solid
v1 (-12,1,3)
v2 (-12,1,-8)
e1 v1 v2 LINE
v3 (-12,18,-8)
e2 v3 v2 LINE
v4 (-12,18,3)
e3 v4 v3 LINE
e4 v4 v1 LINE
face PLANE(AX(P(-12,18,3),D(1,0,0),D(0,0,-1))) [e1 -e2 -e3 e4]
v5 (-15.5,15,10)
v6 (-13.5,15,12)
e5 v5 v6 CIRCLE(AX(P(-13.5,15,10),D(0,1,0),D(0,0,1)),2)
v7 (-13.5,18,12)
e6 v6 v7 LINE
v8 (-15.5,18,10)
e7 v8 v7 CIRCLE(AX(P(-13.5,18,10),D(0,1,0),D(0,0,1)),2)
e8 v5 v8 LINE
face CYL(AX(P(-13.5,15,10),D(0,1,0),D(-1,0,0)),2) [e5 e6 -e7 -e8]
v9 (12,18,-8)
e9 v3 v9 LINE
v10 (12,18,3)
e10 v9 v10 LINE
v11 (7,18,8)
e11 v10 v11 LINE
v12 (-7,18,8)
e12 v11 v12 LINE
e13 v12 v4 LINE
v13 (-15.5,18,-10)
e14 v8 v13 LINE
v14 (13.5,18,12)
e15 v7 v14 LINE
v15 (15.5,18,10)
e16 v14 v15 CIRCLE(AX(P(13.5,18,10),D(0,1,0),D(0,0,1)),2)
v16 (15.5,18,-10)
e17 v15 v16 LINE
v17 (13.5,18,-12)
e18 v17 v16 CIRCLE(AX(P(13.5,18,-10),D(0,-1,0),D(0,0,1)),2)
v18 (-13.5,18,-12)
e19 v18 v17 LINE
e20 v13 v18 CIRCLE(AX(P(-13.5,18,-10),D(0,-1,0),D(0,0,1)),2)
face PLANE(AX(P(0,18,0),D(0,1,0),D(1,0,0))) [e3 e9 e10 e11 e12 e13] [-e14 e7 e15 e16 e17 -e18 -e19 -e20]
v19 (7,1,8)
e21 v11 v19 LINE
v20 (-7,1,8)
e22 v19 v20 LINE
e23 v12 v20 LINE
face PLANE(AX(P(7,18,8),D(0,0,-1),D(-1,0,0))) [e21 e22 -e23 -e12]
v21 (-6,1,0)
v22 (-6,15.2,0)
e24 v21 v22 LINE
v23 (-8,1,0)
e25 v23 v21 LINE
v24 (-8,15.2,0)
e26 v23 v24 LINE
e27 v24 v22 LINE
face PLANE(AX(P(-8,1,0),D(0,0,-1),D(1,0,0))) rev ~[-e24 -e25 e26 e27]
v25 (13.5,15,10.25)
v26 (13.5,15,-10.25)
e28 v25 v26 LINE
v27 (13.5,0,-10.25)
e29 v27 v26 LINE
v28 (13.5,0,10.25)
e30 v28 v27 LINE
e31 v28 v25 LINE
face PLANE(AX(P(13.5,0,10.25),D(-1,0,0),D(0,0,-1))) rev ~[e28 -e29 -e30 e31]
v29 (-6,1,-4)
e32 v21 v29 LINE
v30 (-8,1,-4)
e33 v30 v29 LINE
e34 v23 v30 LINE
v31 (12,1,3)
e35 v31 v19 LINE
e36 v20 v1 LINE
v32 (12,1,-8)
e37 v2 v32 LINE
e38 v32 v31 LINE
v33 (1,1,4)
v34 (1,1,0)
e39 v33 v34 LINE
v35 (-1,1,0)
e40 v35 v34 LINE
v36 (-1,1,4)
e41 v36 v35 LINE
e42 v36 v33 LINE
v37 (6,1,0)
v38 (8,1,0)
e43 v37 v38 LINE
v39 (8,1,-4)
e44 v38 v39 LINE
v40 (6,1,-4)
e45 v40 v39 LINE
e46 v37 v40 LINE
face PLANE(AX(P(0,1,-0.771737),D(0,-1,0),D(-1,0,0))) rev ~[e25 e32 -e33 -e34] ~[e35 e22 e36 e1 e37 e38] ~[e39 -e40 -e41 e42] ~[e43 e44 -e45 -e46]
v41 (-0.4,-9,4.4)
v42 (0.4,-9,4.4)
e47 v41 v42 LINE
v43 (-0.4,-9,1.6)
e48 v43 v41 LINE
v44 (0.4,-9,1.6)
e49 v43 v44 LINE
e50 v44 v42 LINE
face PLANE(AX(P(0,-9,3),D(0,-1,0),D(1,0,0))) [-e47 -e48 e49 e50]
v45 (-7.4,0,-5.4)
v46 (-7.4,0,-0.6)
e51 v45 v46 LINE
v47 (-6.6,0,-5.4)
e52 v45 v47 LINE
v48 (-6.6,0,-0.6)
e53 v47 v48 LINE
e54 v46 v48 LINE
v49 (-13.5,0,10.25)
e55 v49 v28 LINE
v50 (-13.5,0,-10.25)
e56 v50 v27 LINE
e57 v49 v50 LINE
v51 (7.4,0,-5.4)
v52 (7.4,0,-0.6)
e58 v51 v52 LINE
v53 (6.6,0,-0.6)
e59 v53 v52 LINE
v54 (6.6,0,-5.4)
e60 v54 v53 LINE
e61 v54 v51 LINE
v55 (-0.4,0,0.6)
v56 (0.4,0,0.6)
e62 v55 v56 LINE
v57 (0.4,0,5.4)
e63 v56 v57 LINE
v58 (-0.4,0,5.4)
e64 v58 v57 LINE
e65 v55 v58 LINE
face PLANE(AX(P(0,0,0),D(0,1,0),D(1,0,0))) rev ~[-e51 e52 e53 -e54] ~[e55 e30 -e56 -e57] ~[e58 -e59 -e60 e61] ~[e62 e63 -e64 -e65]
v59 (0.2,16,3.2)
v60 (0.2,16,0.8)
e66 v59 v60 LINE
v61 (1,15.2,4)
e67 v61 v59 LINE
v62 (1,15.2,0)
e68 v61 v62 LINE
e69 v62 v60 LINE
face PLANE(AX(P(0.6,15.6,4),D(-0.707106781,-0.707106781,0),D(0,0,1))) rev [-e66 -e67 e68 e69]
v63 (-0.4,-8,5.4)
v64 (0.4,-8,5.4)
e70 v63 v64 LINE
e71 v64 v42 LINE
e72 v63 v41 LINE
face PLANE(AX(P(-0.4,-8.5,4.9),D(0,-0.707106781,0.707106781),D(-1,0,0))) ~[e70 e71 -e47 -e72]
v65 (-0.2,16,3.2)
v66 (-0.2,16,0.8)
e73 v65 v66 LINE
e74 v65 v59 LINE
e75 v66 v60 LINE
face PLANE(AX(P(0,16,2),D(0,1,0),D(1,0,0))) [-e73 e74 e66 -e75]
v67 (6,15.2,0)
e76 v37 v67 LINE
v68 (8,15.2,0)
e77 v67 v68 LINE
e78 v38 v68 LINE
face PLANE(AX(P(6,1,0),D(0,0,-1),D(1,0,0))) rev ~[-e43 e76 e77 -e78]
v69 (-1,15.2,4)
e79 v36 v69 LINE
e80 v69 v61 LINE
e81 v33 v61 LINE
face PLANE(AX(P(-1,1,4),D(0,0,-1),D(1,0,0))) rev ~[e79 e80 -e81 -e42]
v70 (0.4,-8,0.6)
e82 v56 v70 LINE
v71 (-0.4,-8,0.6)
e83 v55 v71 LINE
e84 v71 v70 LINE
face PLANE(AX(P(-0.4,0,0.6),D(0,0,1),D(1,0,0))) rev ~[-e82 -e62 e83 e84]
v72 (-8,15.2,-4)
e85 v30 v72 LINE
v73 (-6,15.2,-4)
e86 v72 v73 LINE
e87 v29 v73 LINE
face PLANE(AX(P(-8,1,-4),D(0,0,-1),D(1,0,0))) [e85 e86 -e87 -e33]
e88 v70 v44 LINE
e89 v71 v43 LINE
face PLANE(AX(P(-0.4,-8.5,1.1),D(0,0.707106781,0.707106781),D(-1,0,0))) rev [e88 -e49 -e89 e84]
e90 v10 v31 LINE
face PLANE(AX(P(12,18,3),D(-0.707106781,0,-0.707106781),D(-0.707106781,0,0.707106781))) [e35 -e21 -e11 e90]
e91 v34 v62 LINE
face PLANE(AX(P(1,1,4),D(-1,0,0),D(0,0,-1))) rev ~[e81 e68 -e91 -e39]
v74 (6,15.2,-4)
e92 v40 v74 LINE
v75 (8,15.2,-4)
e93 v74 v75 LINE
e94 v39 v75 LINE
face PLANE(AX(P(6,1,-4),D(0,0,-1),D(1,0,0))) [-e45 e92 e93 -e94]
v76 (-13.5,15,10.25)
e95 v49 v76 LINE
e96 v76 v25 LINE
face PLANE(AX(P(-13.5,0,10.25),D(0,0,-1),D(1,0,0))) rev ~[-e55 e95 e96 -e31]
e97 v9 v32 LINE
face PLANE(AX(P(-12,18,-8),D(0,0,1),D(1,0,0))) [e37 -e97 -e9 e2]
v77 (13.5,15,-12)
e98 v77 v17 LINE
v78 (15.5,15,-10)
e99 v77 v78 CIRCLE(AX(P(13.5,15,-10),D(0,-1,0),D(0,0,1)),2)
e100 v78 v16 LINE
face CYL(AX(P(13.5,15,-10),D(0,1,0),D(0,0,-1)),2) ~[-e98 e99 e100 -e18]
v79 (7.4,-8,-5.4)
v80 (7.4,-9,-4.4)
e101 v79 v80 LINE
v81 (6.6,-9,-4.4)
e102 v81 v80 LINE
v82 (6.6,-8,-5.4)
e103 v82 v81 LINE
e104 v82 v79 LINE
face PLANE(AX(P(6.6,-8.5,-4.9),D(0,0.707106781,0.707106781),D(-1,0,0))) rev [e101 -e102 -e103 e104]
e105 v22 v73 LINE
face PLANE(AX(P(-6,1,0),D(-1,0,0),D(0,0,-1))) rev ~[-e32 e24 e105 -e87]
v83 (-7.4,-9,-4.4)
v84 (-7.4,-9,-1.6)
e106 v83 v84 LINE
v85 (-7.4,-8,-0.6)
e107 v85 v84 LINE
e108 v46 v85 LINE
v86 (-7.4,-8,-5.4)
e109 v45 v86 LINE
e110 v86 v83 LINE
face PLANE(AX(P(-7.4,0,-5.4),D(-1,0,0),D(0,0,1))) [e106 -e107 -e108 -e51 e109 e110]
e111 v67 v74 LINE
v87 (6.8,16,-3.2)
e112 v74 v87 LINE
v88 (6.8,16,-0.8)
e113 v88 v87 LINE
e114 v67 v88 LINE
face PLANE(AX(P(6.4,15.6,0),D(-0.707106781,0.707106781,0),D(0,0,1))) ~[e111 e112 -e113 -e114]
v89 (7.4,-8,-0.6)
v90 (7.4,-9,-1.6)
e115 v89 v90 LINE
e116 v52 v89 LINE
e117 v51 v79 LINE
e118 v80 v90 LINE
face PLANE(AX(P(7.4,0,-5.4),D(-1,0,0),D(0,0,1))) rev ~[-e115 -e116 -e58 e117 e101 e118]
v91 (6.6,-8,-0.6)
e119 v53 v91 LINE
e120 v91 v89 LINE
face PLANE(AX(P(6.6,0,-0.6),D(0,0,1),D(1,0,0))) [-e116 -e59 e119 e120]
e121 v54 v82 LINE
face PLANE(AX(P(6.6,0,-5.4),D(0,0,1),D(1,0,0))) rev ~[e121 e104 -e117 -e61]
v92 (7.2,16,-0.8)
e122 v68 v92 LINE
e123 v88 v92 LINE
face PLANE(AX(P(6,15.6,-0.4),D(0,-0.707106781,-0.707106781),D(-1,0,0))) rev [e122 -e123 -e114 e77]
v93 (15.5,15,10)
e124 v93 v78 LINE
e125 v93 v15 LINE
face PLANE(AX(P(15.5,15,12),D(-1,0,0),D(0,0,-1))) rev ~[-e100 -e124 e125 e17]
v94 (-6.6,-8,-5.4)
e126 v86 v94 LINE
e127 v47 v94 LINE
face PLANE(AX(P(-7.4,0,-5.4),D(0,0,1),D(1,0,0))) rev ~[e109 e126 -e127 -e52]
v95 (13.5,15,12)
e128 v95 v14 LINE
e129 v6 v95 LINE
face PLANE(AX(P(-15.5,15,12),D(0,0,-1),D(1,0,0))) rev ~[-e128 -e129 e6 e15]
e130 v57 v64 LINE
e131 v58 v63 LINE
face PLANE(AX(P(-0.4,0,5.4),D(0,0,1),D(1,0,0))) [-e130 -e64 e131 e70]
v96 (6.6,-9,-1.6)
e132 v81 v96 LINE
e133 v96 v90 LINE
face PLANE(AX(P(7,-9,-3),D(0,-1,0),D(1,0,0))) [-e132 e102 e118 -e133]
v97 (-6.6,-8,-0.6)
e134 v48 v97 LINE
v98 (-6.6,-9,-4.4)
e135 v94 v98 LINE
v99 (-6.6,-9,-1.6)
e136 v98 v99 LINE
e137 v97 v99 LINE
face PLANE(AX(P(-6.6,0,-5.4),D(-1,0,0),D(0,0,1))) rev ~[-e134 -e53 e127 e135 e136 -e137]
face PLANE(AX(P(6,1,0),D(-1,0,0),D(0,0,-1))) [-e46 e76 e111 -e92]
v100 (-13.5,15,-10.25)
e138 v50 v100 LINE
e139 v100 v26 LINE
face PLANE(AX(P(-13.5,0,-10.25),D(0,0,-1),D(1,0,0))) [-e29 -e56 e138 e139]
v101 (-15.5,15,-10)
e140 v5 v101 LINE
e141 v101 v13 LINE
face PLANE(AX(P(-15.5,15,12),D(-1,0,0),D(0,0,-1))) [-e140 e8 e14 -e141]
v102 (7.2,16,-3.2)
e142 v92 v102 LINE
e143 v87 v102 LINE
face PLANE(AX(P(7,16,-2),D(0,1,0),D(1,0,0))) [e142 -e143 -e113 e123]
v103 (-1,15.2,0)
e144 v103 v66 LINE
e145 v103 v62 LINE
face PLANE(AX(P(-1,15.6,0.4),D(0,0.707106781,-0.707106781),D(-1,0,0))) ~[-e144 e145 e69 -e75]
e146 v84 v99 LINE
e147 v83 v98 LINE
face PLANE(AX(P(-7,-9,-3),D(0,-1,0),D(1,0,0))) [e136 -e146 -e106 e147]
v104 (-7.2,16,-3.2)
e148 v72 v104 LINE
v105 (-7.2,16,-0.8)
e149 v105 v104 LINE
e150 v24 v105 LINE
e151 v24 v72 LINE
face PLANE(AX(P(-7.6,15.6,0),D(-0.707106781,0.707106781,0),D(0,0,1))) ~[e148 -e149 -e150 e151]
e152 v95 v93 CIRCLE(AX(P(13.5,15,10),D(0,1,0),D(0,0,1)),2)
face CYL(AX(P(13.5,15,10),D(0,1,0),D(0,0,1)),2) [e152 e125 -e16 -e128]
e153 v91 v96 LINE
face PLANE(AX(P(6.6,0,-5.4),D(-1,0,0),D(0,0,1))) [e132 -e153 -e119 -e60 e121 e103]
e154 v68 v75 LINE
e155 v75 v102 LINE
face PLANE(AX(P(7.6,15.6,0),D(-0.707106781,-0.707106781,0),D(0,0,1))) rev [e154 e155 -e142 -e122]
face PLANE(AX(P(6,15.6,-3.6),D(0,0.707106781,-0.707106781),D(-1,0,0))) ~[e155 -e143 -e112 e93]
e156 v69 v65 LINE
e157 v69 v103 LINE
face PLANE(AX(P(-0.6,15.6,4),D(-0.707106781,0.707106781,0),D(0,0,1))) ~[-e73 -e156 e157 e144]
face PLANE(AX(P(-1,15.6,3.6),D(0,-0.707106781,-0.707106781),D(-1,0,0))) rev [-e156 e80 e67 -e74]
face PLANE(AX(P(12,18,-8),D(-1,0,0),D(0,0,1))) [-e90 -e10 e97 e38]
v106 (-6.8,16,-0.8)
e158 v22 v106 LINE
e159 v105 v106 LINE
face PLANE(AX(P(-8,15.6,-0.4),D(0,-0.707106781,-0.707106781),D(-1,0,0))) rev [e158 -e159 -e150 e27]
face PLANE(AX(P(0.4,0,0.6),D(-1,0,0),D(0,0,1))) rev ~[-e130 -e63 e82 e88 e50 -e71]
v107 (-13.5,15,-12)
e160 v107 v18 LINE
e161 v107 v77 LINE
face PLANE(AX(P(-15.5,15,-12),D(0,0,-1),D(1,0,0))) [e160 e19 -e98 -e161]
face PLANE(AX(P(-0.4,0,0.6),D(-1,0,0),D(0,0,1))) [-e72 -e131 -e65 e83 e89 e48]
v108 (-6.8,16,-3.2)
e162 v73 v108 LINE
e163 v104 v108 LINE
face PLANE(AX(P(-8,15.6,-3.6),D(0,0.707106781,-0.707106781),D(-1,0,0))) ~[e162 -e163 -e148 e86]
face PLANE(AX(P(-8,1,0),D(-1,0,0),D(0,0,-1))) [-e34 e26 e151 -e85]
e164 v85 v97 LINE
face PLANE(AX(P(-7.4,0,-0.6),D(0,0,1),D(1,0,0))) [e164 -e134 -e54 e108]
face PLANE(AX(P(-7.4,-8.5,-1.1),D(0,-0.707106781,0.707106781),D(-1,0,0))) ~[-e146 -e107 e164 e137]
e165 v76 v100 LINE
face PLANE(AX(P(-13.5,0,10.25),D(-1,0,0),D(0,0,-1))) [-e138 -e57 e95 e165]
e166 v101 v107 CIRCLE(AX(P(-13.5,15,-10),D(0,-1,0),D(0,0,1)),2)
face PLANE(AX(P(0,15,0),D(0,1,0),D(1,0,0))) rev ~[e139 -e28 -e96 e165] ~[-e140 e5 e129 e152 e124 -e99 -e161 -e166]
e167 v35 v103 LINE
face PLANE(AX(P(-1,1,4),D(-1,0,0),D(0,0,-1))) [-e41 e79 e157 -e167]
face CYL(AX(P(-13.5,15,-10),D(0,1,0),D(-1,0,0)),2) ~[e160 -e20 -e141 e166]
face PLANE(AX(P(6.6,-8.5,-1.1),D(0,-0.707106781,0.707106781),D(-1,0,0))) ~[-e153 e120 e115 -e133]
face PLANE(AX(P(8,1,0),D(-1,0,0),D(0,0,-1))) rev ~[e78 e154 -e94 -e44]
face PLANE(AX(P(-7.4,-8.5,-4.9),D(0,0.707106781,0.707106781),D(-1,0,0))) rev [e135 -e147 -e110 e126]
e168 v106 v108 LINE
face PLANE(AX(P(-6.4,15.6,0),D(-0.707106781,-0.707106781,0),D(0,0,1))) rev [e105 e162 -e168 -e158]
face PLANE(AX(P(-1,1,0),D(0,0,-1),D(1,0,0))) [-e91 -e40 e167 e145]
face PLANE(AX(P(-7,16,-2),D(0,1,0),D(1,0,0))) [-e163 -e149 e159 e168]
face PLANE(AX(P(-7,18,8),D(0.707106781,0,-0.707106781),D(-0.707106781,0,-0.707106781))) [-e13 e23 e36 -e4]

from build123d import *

# Parameters (mm, degrees)
SKETCH_1_W          = 27
SKETCH_1_H          = 20.5
EXTRUDE_1_DEPTH     = 15
SKETCH_2_W          = 0.8
SKETCH_2_H          = 4.8
EXTRUDE_2_DEPTH     = 9
CHAMFER_1_SIZE      = 1
SKETCH_3_W          = 31
SKETCH_3_H          = 24
EXTRUDE_3_DEPTH     = 3
CUT_EXTRUDE_1_DEPTH = 17
SKETCH_5_W          = 2
SKETCH_5_H          = 4
EXTRUDE_4_DEPTH     = 15
CHAMFER_2_SIZE      = 0.8
FILLET_1_R          = 2


with BuildPart() as part:
    # Эскиз1 → Бобышка-Вытянуть1 (new body)
    with BuildSketch(Plane(origin=(0, 0, 0), x_dir=(1, 0, 0), z_dir=(0, 1, 0))):
        Rectangle(SKETCH_1_W, SKETCH_1_H)
    extrude(amount=EXTRUDE_1_DEPTH)

    # Эскиз2 → Бобышка-Вытянуть2 (add)
    with BuildSketch(Plane.XZ):
        with Locations((0, 3)):
            Rectangle(SKETCH_2_W, SKETCH_2_H)
        with Locations((-7, -3)):
            Rectangle(SKETCH_2_W, SKETCH_2_H)
        with Locations((7, -3)):
            Rectangle(SKETCH_2_W, SKETCH_2_H)
    extrude(amount=EXTRUDE_2_DEPTH)

    # Фаска1
    chamfer_1_edges = [part.edges().sort_by_distance(p)[0] for p in [
        (-7, -9, -0.6),
        (-7, -9, -5.4),
        (0, -9, 5.4),
        (0, -9, 0.6),
        (7, -9, -0.6),
        (7, -9, -5.4),
    ]]
    chamfer(chamfer_1_edges, length=CHAMFER_1_SIZE)

    # Эскиз3 → Бобышка-Вытянуть3 (add)
    with BuildSketch(Plane(origin=(0, 15, 0), x_dir=(1, 0, 0), z_dir=(0, 1, 0))):
        Rectangle(SKETCH_3_W, SKETCH_3_H)
    extrude(amount=EXTRUDE_3_DEPTH)

    # Эскиз4 → Вырез-Вытянуть1 (cut)
    with BuildSketch(Plane(origin=(0, 18, 0), x_dir=(1, 0, 0), z_dir=(0, 1, 0))):
        Polygon((12, -3), (7, -8), (-7, -8), (-12, -3), (-12, 8), (12, 8), align=None)
    extrude(amount=-CUT_EXTRUDE_1_DEPTH, mode=Mode.SUBTRACT)

    # Эскиз5 → Бобышка-Вытянуть4 (add)
    with BuildSketch(Plane(origin=(0, 1, 0), x_dir=(1, 0, 0), z_dir=(0, 1, 0))):
        with Locations((7, 2)):
            Rectangle(SKETCH_5_W, SKETCH_5_H)
        with Locations((0, -2)):
            Rectangle(SKETCH_5_W, SKETCH_5_H)
        with Locations((-7, 2)):
            Rectangle(SKETCH_5_W, SKETCH_5_H)
    extrude(amount=EXTRUDE_4_DEPTH)

    # Фаска2
    chamfer_2_edges = [part.edges().sort_by_distance(p)[0] for p in [
        (-1, 16, 2),
        (0, 16, 4),
        (1, 16, 2),
        (0, 16, 0),
        (6, 16, -2),
        (7, 16, 0),
        (8, 16, -2),
        (7, 16, -4),
        (-7, 16, -4),
        (-8, 16, -2),
        (-7, 16, 0),
        (-6, 16, -2),
    ]]
    chamfer(chamfer_2_edges, length=CHAMFER_2_SIZE)

    # Скругление1
    fillet_1_edges = [part.edges().sort_by_distance(p)[0] for p in [
        (-15.5, 16.5, -12),
        (-15.5, 16.5, 12),
        (15.5, 16.5, 12),
        (15.5, 16.5, -12),
    ]]
    fillet(fillet_1_edges, radius=FILLET_1_R)


solid = part.part
